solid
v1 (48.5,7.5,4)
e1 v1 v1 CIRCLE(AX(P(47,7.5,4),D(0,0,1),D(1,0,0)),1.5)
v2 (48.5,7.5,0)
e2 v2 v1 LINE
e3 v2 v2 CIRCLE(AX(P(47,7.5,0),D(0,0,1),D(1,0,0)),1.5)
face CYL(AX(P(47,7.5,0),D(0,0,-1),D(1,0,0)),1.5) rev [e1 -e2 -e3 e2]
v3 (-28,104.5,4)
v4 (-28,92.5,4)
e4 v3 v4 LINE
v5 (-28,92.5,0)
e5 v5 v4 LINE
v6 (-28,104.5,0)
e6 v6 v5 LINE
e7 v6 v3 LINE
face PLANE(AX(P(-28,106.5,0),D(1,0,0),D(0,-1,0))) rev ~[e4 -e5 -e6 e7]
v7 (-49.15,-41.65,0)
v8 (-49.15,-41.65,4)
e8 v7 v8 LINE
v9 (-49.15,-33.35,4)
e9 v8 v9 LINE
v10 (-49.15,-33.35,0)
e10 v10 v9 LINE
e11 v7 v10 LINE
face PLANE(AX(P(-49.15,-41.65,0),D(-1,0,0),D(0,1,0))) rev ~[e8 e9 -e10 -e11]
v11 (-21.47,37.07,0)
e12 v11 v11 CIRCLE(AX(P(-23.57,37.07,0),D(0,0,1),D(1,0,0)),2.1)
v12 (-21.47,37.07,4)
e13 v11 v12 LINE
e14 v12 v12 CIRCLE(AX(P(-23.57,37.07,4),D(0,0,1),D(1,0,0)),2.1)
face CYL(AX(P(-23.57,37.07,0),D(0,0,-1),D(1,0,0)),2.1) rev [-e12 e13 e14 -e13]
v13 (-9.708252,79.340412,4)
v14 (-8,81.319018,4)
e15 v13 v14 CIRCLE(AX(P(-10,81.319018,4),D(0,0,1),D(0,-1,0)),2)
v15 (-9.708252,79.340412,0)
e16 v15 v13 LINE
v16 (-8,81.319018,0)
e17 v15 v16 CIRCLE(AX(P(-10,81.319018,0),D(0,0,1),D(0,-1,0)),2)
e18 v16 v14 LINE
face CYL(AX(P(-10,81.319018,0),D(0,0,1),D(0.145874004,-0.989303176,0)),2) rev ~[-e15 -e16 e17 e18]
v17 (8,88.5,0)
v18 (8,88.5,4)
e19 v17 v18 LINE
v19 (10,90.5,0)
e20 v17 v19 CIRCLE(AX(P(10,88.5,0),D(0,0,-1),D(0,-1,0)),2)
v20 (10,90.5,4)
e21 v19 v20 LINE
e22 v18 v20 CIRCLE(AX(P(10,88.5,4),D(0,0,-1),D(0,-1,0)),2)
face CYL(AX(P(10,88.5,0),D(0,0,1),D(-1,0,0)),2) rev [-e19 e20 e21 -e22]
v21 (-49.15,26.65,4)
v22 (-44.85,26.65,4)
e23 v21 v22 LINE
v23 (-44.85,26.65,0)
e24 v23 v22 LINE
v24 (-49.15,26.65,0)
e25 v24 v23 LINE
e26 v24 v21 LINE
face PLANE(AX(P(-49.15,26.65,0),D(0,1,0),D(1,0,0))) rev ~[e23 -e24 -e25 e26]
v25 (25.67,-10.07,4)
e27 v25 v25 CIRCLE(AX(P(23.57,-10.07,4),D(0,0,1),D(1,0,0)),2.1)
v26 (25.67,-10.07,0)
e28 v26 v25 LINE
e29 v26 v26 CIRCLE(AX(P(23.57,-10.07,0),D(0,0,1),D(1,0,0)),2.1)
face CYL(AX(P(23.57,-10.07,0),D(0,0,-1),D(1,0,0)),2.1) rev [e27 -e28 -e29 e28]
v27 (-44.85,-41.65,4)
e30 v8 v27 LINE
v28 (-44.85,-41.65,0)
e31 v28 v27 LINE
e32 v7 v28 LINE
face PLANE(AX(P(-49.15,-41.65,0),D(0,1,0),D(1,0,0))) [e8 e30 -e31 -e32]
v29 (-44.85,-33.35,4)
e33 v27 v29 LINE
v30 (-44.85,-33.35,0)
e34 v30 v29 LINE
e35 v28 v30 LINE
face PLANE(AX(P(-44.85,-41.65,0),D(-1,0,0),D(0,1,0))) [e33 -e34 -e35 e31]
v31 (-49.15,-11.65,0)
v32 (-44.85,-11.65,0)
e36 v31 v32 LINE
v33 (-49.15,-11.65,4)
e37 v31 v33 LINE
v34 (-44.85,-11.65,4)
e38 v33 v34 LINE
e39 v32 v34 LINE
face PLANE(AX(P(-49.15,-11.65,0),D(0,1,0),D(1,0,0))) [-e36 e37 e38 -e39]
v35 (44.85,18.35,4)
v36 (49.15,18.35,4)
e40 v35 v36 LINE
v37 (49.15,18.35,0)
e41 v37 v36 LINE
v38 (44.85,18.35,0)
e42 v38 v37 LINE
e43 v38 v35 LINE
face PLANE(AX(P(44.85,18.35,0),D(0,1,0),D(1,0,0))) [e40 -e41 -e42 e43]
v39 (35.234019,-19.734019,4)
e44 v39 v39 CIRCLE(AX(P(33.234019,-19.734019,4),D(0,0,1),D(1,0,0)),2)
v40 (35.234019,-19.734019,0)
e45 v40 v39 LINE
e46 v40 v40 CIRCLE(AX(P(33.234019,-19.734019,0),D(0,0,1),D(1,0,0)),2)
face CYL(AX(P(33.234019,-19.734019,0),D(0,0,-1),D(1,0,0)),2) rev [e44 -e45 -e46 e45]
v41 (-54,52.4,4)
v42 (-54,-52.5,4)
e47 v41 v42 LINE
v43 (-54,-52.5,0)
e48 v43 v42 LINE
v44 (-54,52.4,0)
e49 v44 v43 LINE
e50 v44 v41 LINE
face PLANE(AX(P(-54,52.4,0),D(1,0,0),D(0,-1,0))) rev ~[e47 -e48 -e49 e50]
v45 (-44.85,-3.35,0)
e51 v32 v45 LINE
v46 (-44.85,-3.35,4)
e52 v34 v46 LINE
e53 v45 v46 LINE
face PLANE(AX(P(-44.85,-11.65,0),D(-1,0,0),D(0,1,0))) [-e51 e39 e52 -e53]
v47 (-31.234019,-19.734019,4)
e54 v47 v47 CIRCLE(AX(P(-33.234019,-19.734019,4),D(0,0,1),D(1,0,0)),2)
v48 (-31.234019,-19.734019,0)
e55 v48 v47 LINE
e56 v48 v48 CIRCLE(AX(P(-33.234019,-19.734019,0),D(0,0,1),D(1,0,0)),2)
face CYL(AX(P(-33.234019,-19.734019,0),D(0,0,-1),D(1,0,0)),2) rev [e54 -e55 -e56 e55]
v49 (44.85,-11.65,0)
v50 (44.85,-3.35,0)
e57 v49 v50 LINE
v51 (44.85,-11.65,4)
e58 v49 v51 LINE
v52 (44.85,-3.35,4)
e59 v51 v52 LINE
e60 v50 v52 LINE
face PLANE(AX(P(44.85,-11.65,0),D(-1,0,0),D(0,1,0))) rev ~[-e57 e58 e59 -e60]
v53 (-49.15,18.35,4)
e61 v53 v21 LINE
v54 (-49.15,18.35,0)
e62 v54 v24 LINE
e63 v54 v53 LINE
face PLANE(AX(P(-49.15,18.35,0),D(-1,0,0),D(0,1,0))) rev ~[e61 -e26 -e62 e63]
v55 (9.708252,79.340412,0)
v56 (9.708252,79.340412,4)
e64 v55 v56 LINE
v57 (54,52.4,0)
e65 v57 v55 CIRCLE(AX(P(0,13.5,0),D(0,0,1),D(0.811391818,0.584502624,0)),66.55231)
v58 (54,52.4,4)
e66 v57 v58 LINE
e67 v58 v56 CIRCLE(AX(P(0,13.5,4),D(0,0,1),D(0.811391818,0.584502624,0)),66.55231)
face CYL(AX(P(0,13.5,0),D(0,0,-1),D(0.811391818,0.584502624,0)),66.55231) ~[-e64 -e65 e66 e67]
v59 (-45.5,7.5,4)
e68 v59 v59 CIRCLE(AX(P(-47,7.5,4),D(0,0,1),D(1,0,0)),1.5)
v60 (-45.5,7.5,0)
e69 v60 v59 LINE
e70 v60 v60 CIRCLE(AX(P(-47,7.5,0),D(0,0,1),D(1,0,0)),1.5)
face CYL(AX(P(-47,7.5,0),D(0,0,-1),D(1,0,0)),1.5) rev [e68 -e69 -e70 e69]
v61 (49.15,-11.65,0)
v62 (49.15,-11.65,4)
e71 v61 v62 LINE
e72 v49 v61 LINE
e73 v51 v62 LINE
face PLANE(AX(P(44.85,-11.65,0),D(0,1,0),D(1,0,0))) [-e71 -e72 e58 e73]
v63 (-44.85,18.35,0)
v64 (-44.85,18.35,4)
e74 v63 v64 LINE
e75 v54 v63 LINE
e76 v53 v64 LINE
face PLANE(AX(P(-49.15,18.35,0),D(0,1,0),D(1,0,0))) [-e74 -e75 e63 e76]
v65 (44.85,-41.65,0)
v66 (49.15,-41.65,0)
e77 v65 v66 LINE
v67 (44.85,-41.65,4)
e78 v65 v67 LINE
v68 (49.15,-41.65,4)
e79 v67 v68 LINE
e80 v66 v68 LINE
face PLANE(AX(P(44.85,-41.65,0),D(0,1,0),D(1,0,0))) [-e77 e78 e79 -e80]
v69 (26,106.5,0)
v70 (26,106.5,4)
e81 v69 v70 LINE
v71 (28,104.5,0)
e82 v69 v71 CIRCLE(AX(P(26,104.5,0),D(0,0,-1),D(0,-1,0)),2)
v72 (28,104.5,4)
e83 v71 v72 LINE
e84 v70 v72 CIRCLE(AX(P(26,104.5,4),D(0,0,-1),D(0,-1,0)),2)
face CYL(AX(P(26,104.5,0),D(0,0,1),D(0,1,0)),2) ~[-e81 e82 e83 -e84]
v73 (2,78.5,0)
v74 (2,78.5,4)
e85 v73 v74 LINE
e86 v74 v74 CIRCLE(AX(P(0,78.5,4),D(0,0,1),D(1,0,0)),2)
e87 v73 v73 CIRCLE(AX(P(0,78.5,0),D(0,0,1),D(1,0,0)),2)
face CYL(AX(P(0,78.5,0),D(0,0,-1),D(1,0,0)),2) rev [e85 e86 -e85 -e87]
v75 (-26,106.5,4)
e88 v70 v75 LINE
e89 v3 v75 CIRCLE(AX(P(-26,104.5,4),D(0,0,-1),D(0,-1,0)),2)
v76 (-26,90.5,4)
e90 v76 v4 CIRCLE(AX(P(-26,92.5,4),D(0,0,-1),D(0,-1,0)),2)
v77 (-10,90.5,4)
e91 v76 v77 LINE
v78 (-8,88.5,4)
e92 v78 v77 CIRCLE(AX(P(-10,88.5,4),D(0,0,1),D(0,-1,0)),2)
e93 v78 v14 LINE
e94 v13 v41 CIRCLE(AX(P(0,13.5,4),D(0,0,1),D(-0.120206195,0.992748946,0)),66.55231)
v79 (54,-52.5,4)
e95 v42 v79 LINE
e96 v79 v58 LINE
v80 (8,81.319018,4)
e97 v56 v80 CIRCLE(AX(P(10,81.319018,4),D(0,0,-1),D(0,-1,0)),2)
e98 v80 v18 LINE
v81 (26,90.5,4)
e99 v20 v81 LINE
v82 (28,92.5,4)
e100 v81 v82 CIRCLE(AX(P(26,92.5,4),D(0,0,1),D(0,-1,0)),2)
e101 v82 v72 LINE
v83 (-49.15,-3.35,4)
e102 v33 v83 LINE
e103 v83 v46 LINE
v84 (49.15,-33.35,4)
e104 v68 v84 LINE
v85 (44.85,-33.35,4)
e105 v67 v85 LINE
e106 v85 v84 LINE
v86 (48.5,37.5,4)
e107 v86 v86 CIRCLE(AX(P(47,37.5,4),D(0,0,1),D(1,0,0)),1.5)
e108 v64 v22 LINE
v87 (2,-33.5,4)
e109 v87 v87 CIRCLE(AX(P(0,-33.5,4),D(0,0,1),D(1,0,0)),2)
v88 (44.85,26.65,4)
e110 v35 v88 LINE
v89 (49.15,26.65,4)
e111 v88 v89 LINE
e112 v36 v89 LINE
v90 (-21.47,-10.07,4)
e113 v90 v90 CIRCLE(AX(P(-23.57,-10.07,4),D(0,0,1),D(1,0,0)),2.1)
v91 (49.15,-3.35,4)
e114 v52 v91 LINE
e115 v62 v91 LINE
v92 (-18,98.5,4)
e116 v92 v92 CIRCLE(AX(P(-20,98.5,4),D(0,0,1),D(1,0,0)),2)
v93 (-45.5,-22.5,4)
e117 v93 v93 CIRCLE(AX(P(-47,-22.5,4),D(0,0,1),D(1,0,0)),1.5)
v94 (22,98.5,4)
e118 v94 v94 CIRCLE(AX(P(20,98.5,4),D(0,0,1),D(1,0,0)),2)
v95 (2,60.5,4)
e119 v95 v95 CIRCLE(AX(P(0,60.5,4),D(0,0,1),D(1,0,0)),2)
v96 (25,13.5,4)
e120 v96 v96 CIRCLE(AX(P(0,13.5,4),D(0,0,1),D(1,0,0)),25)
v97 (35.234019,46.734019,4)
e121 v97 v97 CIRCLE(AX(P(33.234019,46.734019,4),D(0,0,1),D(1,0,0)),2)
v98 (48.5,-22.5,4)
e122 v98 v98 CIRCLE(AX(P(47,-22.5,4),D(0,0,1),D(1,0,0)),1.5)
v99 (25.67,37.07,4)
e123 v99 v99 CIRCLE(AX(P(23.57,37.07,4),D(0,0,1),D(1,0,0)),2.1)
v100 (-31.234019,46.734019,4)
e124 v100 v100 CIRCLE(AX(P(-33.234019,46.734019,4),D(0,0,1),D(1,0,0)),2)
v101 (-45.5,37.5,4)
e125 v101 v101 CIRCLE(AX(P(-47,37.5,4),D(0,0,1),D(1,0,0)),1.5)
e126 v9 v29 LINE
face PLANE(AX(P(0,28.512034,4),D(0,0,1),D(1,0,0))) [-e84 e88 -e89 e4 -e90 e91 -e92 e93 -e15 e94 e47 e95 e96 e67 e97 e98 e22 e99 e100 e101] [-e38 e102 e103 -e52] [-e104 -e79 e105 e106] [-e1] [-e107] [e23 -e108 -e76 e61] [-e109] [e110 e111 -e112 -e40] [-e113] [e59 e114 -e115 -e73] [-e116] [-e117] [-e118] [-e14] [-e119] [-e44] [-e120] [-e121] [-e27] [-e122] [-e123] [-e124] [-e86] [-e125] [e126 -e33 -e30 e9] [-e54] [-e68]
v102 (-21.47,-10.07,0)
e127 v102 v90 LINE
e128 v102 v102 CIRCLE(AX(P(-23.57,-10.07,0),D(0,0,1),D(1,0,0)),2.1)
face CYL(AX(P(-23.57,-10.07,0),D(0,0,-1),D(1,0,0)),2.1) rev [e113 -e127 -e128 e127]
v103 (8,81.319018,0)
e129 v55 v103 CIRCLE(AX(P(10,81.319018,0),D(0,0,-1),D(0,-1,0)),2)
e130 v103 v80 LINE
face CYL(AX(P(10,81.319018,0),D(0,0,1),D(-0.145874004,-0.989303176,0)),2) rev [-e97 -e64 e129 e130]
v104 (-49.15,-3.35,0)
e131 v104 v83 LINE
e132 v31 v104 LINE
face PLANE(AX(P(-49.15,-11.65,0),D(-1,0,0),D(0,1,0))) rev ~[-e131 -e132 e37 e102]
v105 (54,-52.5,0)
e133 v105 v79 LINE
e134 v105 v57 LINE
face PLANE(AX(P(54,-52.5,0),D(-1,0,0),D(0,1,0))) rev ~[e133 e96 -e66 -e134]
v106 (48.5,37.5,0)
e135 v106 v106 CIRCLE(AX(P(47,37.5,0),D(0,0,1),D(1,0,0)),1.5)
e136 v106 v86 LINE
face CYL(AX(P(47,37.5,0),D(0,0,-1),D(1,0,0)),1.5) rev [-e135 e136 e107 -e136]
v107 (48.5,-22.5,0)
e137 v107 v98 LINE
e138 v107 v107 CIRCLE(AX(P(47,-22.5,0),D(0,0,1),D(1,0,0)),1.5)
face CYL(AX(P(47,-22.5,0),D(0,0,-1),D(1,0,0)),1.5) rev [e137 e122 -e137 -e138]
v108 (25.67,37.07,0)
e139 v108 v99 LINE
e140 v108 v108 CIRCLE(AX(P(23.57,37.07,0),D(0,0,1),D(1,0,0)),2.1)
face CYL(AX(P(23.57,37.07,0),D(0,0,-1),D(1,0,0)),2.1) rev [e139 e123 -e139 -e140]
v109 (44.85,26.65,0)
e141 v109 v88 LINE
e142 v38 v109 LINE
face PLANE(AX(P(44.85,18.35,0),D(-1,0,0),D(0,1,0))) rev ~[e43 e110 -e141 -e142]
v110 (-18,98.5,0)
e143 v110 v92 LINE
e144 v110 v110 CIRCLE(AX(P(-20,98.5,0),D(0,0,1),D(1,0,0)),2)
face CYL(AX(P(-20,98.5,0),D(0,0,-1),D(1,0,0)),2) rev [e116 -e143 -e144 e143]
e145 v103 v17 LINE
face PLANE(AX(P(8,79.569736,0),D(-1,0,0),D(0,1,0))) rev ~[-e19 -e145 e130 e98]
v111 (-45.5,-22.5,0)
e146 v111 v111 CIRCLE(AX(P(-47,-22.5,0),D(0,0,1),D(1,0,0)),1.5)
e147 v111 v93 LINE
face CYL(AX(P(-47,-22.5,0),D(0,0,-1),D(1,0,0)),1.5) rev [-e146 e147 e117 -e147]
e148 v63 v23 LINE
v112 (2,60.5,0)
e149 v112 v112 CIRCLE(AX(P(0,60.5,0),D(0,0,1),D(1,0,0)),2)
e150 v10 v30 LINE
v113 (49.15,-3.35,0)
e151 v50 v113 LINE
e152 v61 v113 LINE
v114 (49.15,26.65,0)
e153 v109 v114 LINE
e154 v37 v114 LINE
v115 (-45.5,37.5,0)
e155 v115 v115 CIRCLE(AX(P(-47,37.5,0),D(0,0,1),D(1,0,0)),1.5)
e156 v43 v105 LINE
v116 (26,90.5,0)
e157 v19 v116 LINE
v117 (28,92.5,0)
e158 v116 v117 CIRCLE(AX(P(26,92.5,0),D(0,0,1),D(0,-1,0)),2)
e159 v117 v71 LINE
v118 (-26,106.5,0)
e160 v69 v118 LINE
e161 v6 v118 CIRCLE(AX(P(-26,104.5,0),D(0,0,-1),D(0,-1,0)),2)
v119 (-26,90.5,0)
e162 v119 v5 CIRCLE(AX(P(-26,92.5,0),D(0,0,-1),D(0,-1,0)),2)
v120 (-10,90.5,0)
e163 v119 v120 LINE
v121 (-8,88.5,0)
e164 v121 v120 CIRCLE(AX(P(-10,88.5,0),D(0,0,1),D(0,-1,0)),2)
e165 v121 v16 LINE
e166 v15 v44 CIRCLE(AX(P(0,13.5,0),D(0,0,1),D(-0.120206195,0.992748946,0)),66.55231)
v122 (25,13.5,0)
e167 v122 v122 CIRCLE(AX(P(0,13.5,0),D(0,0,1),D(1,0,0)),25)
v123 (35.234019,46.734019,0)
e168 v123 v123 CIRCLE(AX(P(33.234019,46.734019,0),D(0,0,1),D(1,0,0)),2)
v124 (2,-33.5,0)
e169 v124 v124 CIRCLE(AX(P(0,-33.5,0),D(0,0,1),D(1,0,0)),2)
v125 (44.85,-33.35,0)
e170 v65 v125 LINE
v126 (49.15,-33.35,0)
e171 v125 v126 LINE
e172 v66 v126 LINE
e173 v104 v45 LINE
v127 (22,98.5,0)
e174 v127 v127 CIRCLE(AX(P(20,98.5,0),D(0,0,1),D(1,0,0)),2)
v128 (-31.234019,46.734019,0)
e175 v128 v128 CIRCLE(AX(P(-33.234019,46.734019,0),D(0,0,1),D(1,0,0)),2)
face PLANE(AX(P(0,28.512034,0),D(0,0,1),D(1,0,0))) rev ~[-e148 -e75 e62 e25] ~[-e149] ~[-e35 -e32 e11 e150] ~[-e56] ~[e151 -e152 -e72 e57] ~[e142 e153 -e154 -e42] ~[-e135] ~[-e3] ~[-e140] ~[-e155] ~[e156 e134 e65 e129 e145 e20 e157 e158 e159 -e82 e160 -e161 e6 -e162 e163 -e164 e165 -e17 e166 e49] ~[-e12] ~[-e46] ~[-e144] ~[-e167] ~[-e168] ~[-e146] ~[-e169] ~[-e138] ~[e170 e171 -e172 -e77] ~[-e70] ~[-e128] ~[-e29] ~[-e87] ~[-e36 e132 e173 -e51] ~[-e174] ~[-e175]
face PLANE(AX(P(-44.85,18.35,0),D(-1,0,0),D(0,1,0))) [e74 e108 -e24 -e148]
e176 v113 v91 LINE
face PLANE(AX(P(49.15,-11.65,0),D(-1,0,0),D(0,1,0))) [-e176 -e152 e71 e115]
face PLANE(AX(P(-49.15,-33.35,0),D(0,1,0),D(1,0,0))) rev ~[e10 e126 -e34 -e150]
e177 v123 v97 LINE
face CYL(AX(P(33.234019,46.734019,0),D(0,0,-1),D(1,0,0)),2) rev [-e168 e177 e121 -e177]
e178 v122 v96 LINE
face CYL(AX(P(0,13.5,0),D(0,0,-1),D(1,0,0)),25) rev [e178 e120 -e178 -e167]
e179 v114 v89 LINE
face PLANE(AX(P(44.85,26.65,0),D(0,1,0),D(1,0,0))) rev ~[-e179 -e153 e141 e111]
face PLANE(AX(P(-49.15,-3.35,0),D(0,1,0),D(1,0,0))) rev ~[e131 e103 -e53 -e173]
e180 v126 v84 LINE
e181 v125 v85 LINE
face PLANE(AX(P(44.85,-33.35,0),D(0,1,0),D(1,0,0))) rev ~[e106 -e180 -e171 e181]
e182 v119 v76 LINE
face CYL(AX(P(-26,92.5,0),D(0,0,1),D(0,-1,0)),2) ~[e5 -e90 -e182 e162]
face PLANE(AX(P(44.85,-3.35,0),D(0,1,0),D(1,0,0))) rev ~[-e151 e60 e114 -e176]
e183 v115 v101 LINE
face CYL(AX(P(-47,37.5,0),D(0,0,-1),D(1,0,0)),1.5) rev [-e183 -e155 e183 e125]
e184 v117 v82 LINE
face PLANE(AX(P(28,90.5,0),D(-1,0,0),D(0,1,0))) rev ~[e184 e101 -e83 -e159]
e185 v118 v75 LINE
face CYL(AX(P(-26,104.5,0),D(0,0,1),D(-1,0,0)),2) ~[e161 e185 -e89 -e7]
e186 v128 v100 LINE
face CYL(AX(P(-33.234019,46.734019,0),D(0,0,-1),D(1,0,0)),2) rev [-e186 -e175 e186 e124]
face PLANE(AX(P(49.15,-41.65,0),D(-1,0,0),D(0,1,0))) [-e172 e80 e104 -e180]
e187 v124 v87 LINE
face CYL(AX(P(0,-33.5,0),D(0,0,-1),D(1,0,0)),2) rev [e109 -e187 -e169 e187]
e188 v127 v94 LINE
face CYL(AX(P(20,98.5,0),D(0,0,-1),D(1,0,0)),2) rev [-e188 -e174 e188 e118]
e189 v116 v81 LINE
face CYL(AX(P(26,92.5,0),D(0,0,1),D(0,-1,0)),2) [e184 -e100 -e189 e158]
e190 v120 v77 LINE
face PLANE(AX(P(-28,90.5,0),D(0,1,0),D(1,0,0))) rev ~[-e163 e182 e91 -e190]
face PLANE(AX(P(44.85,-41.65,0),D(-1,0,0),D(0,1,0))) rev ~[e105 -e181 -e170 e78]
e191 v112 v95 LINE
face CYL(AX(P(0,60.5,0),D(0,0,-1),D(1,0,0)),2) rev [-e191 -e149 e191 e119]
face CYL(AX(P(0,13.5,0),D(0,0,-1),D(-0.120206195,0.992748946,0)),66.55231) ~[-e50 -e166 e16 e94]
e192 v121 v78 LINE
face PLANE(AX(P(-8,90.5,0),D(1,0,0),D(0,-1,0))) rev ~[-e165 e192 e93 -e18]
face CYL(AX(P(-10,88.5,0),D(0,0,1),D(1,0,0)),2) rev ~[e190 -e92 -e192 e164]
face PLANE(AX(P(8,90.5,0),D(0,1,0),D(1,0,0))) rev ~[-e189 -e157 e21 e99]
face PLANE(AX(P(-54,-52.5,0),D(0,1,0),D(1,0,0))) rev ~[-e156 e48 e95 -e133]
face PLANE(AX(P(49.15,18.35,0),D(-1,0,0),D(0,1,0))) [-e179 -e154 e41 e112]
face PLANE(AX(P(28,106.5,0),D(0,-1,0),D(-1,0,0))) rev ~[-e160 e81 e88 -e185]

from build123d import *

# Parameters (mm, degrees)
SKETCH_1_R      = 1.5
SKETCH_1_R_2    = 2.1
SKETCH_1_R_3    = 25
SKETCH_1_R_4    = 2
SKETCH_1_W      = 4.3
SKETCH_1_H      = 8.3
EXTRUDE_1_DEPTH = 4
FILLET_1_R      = 2


with BuildPart() as part:
    # 草图1 → 凸台-拉伸1 (new body)
    with BuildSketch(Plane.XY):
        with BuildLine():
            Line((-54, 52.4), (-54, -52.5))
            Line((-54, -52.5), (54, -52.5))
            Line((54, -52.5), (54, 52.4))
            ThreePointArc((54, 52.4), (33.845954515, 70.803240423), (8, 79.569735886))
            Line((8, 79.569735886), (8, 90.5))
            Line((8, 90.5), (28, 90.5))
            Line((28, 90.5), (28, 106.5))
            Line((28, 106.5), (-28, 106.5))
            Line((-28, 106.5), (-28, 90.5))
            Line((-28, 90.5), (-8, 90.5))
            Line((-8, 90.5), (-8, 79.569735886))
            ThreePointArc((-8, 79.569735886), (-33.845954515, 70.803240423), (-54, 52.4))
        make_face()
        with Locations((-47, 37.5)):
            Circle(SKETCH_1_R, mode=Mode.SUBTRACT)
        with Locations((-47, 7.5)):
            Circle(SKETCH_1_R, mode=Mode.SUBTRACT)
        with Locations((-47, -22.5)):
            Circle(SKETCH_1_R, mode=Mode.SUBTRACT)
        with Locations((-23.57, 37.07)):
            Circle(SKETCH_1_R_2, mode=Mode.SUBTRACT)
        with Locations((-23.57, -10.07)):
            Circle(SKETCH_1_R_2, mode=Mode.SUBTRACT)
        with Locations((23.57, -10.07)):
            Circle(SKETCH_1_R_2, mode=Mode.SUBTRACT)
        with Locations((23.57, 37.07)):
            Circle(SKETCH_1_R_2, mode=Mode.SUBTRACT)
        with Locations((47, -22.5)):
            Circle(SKETCH_1_R, mode=Mode.SUBTRACT)
        with Locations((47, 7.5)):
            Circle(SKETCH_1_R, mode=Mode.SUBTRACT)
        with Locations((47, 37.5)):
            Circle(SKETCH_1_R, mode=Mode.SUBTRACT)
        with Locations((0, 13.5)):
            Circle(SKETCH_1_R_3, mode=Mode.SUBTRACT)
        with Locations((0, 60.5)):
            Circle(SKETCH_1_R_4, mode=Mode.SUBTRACT)
        with Locations((33.234018716, 46.734018716)):
            Circle(SKETCH_1_R_4, mode=Mode.SUBTRACT)
        with Locations((33.234018716, -19.734018716)):
            Circle(SKETCH_1_R_4, mode=Mode.SUBTRACT)
        with Locations((0, -33.5)):
            Circle(SKETCH_1_R_4, mode=Mode.SUBTRACT)
        with Locations((-33.234018716, -19.734018716)):
            Circle(SKETCH_1_R_4, mode=Mode.SUBTRACT)
        with Locations((-33.234018716, 46.734018716)):
            Circle(SKETCH_1_R_4, mode=Mode.SUBTRACT)
        with Locations((0, 78.5)):
            Circle(SKETCH_1_R_4, mode=Mode.SUBTRACT)
        with Locations((-20, 98.5)):
            Circle(SKETCH_1_R_4, mode=Mode.SUBTRACT)
        with Locations((20, 98.5)):
            Circle(SKETCH_1_R_4, mode=Mode.SUBTRACT)
        with Locations((-47, 22.5)):
            Rectangle(SKETCH_1_W, SKETCH_1_H, mode=Mode.SUBTRACT)
        with Locations((-47, -7.5)):
            Rectangle(SKETCH_1_W, SKETCH_1_H, mode=Mode.SUBTRACT)
        with Locations((-47, -37.5)):
            Rectangle(SKETCH_1_W, SKETCH_1_H, mode=Mode.SUBTRACT)
        with Locations((47, -37.5)):
            Rectangle(SKETCH_1_W, SKETCH_1_H, mode=Mode.SUBTRACT)
        with Locations((47, -7.5)):
            Rectangle(SKETCH_1_W, SKETCH_1_H, mode=Mode.SUBTRACT)
        with Locations((47, 22.5)):
            Rectangle(SKETCH_1_W, SKETCH_1_H, mode=Mode.SUBTRACT)
    extrude(amount=EXTRUDE_1_DEPTH)

    # 圆角1
    fillet_1_edges = [part.edges().sort_by_distance(p)[0] for p in [
        (-8, 79.569735886, 2),
        (-8, 90.5, 2),
        (-28, 90.5, 2),
        (-28, 106.5, 2),
        (28, 106.5, 2),
        (28, 90.5, 2),
        (8, 90.5, 2),
        (8, 79.569735886, 2),
    ]]
    fillet(fillet_1_edges, radius=FILLET_1_R)


solid = part.part
